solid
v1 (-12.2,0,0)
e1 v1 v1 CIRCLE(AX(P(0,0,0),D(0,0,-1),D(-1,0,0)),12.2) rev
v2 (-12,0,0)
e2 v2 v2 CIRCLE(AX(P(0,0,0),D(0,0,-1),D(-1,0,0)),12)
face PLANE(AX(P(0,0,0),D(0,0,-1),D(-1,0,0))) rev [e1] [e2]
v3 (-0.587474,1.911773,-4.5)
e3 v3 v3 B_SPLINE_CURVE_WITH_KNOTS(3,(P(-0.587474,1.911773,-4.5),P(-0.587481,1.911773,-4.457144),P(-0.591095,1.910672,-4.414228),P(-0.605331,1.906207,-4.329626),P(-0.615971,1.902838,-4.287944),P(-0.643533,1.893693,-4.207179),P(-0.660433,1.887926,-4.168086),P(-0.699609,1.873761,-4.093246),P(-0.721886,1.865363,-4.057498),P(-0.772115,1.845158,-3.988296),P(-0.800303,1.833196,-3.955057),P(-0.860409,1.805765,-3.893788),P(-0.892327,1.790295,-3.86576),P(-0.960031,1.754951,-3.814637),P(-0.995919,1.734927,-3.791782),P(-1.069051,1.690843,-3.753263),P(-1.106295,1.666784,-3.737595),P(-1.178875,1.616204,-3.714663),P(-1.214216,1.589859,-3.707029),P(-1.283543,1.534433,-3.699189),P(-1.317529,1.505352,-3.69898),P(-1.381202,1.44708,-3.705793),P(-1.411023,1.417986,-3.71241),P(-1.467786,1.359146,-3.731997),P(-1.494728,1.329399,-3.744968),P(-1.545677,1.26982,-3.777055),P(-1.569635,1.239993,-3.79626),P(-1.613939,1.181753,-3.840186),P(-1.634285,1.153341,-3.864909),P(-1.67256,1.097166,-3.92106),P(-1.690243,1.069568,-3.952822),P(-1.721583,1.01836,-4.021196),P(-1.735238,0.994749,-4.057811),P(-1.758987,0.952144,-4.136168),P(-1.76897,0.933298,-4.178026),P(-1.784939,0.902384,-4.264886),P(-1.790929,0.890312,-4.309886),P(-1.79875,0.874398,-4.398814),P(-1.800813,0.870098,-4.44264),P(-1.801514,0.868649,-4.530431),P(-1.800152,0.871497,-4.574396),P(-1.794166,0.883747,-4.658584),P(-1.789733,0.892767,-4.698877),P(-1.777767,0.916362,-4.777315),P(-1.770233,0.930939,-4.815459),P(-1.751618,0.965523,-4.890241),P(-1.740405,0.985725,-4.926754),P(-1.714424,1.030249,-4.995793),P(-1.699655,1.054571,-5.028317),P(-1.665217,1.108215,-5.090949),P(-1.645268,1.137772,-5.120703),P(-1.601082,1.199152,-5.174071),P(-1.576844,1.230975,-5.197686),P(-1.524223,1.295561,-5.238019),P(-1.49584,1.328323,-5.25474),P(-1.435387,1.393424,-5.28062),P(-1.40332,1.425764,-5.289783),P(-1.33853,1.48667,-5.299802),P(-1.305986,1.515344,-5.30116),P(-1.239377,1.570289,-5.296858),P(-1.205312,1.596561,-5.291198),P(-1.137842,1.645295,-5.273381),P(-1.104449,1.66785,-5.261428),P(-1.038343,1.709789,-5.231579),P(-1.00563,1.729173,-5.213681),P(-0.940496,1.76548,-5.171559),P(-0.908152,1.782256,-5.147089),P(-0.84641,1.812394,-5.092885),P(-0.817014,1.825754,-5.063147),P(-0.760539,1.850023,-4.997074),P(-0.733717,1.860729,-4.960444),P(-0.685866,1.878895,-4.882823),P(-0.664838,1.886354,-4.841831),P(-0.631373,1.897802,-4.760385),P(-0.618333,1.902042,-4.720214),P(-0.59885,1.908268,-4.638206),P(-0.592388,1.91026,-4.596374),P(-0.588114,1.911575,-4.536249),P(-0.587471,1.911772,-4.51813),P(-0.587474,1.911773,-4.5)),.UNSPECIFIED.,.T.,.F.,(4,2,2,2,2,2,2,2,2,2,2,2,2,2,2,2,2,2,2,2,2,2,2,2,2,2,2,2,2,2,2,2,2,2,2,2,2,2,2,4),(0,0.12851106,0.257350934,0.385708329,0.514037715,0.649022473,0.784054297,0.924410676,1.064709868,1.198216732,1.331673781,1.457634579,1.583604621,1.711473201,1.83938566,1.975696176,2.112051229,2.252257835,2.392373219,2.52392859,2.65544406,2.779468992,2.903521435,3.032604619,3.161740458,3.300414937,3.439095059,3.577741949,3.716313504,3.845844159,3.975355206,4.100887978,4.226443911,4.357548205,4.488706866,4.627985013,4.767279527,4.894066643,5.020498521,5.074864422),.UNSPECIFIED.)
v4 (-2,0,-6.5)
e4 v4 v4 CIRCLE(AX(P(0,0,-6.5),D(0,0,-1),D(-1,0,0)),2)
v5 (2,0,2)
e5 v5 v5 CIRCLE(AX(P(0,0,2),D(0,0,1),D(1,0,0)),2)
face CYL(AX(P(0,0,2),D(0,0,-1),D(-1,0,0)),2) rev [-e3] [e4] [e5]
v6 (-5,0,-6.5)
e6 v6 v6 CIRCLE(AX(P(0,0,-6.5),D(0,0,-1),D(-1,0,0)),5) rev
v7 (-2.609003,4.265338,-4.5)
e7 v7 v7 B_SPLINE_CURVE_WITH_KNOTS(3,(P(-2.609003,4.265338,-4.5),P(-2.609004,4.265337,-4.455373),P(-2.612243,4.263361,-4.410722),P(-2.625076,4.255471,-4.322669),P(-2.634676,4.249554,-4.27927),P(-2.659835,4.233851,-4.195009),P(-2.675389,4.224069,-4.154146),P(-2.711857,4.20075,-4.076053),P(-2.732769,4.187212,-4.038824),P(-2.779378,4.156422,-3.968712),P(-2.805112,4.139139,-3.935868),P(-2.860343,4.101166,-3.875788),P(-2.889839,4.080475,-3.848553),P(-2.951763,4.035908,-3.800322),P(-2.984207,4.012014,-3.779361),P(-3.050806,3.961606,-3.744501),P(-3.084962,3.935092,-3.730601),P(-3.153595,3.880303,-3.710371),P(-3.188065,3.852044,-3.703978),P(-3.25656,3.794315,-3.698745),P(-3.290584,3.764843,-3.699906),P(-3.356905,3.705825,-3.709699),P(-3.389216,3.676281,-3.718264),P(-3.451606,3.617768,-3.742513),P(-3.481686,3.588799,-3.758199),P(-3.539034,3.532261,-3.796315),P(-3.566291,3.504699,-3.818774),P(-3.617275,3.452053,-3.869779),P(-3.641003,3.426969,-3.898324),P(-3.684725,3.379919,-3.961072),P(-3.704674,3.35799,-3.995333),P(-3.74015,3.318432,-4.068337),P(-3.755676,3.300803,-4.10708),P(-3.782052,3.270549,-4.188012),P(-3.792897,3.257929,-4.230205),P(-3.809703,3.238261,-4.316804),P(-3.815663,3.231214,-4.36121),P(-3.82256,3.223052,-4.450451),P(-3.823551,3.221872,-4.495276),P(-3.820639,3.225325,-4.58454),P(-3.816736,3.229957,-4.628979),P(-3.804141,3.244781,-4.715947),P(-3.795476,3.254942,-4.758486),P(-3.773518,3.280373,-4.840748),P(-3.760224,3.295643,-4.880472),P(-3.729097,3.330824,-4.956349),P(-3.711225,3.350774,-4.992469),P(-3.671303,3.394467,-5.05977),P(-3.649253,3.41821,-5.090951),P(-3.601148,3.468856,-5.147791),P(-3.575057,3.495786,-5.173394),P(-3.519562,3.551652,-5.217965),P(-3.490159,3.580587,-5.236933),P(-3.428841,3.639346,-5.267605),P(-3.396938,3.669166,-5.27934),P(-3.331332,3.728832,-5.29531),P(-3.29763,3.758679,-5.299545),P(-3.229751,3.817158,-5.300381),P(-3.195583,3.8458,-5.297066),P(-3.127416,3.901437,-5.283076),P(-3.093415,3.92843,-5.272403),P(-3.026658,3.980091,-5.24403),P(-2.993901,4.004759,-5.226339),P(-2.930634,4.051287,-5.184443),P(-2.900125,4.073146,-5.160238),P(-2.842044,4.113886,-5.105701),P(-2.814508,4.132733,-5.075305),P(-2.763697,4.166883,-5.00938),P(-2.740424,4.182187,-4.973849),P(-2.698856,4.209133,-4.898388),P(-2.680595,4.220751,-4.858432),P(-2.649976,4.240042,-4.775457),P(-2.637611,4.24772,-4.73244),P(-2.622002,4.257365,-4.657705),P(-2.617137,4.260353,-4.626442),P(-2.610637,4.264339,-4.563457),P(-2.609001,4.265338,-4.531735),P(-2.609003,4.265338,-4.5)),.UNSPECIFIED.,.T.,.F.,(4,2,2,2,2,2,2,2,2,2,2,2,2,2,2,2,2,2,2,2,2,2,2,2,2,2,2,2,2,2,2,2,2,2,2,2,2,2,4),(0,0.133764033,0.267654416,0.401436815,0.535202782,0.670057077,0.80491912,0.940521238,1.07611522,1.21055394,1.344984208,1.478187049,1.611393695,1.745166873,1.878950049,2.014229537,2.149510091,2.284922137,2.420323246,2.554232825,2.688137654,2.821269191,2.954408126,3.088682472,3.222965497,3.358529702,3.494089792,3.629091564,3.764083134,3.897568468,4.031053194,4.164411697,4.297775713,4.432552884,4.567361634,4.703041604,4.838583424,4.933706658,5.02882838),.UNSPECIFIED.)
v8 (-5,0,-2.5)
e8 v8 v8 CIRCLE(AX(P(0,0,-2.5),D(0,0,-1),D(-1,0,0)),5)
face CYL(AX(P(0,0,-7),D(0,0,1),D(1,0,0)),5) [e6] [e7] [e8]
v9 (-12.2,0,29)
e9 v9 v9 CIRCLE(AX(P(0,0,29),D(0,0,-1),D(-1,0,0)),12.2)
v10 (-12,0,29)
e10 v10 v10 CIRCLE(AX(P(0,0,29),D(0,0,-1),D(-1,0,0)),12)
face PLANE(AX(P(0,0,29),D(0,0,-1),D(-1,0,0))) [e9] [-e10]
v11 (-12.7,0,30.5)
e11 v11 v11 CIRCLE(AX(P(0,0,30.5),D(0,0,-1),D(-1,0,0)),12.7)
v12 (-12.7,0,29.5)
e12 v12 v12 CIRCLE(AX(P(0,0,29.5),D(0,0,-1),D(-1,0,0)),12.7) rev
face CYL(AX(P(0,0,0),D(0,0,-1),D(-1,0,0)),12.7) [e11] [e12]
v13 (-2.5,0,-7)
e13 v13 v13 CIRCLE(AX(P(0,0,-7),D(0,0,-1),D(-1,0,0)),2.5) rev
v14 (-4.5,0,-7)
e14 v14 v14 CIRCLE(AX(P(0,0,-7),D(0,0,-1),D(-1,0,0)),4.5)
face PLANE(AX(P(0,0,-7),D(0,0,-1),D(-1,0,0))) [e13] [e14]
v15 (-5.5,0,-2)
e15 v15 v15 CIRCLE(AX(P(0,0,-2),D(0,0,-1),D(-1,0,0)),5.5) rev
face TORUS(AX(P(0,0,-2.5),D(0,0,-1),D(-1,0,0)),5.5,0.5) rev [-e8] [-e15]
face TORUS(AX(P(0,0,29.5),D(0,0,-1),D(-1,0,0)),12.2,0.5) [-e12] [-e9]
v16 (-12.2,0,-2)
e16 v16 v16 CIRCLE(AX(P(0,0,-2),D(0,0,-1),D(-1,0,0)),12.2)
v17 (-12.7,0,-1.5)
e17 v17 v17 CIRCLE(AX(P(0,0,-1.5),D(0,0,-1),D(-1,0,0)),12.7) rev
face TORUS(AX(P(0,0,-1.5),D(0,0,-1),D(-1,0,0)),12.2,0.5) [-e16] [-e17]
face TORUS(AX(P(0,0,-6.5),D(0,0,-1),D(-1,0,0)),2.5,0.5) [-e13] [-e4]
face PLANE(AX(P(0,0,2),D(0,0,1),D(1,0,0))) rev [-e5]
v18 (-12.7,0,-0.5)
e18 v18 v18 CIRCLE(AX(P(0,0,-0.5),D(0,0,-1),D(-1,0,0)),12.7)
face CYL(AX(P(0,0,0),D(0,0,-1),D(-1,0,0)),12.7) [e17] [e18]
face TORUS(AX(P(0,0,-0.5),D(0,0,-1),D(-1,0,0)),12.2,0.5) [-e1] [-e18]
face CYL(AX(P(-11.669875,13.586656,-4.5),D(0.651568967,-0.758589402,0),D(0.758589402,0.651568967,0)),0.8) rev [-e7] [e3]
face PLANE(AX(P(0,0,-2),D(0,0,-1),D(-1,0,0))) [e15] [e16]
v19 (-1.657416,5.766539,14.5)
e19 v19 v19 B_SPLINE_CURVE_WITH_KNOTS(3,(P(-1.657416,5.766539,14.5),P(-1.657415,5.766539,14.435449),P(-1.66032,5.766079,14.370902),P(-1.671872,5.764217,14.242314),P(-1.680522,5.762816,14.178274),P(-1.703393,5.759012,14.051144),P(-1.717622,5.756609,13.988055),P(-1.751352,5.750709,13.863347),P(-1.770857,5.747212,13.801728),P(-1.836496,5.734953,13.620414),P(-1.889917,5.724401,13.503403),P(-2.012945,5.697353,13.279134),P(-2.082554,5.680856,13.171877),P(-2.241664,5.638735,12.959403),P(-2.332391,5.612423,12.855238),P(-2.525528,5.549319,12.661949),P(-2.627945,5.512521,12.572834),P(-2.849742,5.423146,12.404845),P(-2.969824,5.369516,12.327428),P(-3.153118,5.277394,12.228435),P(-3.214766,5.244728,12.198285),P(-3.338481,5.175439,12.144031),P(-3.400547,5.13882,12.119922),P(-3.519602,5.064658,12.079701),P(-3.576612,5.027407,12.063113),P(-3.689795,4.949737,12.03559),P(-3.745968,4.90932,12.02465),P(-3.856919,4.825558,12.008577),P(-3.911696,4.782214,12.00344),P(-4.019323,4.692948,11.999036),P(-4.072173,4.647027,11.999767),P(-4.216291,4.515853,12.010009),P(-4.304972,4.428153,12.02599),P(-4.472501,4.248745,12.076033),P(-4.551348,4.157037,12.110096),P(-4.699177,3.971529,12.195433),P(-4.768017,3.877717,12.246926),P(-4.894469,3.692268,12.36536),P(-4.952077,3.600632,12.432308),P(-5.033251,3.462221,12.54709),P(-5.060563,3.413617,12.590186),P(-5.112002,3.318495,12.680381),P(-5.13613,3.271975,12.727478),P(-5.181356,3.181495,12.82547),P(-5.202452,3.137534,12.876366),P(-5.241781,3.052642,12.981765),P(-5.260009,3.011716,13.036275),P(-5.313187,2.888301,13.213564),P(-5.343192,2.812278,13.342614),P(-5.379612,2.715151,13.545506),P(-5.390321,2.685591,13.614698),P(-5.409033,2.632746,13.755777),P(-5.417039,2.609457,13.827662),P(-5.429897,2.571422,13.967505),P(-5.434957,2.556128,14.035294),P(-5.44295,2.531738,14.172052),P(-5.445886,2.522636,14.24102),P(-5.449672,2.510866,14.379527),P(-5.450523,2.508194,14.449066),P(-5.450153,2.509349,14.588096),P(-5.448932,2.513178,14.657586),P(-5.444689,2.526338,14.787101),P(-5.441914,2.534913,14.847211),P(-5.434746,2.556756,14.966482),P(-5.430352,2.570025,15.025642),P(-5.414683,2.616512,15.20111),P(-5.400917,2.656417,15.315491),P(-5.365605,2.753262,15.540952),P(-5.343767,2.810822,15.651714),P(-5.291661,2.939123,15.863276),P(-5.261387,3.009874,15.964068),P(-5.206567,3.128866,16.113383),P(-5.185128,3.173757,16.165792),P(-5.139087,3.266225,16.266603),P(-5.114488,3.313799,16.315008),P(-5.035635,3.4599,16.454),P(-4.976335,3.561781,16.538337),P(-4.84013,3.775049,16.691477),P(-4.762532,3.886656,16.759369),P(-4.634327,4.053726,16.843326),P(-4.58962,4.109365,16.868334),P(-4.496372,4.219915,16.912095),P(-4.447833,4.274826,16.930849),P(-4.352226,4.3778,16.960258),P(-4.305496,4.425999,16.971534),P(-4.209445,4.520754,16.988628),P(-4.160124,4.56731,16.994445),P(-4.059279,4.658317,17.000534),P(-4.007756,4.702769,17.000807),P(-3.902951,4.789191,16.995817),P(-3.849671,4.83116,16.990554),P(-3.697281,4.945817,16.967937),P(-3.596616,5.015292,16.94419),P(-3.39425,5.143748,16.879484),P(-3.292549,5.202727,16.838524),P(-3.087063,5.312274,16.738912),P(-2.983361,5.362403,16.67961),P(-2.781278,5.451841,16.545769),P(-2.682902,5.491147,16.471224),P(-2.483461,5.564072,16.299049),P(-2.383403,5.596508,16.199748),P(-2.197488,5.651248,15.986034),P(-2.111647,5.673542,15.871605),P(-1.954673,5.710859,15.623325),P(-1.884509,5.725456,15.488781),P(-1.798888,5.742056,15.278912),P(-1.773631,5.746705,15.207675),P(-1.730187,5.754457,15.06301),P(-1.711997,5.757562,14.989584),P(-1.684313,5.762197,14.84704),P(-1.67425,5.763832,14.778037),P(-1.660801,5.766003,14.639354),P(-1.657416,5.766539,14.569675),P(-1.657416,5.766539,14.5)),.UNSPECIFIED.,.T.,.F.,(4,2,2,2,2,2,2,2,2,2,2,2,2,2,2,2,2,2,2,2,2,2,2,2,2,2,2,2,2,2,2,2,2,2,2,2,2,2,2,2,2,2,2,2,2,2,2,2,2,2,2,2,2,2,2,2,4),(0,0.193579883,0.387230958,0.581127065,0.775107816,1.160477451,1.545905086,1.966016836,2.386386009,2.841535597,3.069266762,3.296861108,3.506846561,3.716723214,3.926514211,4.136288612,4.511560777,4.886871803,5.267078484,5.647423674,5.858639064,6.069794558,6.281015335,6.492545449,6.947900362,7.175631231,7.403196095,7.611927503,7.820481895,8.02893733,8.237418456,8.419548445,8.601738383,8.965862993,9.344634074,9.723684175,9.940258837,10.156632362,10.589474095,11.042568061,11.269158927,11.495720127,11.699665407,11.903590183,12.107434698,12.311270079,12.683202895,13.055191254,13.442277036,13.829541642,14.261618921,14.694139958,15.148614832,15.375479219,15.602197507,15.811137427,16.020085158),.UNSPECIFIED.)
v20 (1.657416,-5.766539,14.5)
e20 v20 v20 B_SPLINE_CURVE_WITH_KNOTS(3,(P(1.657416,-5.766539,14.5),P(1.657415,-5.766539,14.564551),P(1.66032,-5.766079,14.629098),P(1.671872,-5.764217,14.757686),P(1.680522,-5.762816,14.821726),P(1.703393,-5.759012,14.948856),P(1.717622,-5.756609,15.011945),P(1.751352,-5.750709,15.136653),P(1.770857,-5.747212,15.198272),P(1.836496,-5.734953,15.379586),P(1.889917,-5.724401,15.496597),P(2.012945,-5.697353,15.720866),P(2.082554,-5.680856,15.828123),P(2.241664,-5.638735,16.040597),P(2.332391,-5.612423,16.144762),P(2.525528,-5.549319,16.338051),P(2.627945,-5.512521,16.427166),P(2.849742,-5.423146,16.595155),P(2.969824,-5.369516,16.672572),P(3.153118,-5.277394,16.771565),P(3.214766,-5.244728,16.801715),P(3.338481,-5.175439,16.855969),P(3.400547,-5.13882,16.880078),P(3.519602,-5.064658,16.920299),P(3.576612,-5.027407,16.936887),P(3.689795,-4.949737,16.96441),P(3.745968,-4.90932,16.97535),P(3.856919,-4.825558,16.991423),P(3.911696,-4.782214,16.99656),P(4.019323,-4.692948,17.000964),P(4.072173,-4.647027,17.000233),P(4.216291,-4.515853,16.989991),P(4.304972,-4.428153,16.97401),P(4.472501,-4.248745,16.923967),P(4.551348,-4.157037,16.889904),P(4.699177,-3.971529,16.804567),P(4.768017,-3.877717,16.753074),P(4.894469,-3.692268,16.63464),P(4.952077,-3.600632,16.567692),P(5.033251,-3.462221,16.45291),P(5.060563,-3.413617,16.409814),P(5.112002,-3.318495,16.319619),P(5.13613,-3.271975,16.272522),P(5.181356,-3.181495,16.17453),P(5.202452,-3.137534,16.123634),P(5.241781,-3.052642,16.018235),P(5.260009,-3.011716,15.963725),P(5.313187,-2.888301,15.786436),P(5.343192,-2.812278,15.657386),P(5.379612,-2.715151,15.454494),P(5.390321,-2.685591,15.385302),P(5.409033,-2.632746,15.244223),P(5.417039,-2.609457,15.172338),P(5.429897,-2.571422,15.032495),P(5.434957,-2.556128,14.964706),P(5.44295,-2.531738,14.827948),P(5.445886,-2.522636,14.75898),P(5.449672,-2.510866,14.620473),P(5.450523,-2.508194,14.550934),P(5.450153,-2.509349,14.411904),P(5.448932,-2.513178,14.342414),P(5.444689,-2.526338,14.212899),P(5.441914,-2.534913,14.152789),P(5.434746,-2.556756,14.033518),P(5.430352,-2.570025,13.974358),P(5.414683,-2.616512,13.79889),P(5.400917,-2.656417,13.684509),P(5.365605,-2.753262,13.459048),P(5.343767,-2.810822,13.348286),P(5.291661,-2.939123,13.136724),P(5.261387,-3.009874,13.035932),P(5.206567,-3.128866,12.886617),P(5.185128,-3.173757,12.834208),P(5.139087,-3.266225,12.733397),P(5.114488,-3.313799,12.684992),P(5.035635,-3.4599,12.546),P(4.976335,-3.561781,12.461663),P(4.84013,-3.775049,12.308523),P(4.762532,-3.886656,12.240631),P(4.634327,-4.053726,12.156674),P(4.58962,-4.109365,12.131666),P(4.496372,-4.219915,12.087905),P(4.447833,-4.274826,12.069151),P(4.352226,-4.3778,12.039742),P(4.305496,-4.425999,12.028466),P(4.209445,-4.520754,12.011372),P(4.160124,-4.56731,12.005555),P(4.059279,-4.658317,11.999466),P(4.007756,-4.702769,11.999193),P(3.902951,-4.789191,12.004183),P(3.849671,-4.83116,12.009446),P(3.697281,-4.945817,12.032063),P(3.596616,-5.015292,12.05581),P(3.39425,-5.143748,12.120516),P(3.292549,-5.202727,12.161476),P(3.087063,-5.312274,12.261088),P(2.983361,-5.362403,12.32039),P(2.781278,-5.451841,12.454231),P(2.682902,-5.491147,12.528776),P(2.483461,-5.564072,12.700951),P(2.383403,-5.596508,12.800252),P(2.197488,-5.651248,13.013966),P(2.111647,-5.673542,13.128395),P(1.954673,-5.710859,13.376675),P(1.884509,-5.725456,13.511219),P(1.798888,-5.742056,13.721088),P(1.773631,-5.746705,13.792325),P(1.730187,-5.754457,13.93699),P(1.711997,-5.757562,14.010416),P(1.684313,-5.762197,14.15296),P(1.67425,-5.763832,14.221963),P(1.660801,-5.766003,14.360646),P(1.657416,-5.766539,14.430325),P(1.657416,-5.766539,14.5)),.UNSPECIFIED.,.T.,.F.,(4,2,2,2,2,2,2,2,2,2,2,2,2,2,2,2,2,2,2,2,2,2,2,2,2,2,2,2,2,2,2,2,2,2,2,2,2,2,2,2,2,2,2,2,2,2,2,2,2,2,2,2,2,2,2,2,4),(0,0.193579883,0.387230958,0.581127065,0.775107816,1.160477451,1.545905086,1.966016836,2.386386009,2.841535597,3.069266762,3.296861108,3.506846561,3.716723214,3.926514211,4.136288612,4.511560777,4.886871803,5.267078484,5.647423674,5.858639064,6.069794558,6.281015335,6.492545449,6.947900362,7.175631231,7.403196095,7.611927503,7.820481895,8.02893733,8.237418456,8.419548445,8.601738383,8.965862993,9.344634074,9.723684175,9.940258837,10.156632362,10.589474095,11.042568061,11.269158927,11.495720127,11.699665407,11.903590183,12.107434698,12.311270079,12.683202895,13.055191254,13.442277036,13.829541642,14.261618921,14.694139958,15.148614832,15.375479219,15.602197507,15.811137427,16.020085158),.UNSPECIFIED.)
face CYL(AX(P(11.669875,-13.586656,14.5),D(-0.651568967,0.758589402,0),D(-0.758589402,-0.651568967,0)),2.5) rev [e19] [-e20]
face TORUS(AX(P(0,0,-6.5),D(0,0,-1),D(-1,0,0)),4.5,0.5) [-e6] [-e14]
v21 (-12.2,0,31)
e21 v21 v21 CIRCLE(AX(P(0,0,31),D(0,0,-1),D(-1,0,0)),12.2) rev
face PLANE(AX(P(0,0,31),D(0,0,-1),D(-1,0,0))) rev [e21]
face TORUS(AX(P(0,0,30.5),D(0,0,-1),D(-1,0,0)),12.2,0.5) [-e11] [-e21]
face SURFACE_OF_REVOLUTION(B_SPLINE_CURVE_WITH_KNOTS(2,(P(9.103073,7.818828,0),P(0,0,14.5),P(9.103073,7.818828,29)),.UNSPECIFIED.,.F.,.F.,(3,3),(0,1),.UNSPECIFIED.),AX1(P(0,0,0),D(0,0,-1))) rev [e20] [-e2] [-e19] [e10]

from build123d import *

# Parameters (mm, degrees)
CUT_EXTRUDE2_DEPTH             = 2
CUT_EXTRUDE2_DEPTH_BACK        = 14
SKETCH1_R                      = 2
FILLET1_R                      = 0.5
CUT_EXTRUDE4_REACH             = 37.827
SKETCH5_R                      = 2.5
CUT_EXTRUDE4_DIRECTION_2_REACH = 37.827
SKETCH6_R                      = 5
BOSS_EXTRUDE1_DEPTH            = 5
SKETCH8_R                      = 2
CUT_EXTRUDE5_DEPTH             = 5
FILLET2_R                      = 0.5
CUT_EXTRUDE6_REACH             = 37.827
CUT_EXTRUDE6_END_RADIUS        = 5
SKETCH9_R                      = 0.8


with BuildPart() as part:
    # Sketch3 → Revolve1 (revolve)
    with BuildSketch(Plane(origin=(0, 0, 0), x_dir=(0, 0, 1), z_dir=(-0.6515689673474042, 0.7585894019756916, 0)), mode=Mode.PRIVATE) as revolve1_sk:
        Polygon((-2, 0), (0, 0), (0, 12), (0, 12.7), (-2, 12.7), align=None)
        with BuildLine():
            Line((0, 12), (0, 0))
            Line((0, 0), (14.5, 0))
            Line((14.5, 0), (14.5, 6))
            add(Edge.make_bspline(
                [(0, 12), (7.25, 6), (14.5, 6)],
                knots=[0, 0, 0, 0.5, 0.5, 0.5], degree=2))
        make_face()
        with BuildLine():
            Line((14.5, 6), (14.5, 0))
            Line((14.5, 0), (29, 0))
            Line((29, 0), (29, 12))
            add(Edge.make_bspline(
                [(14.5, 6), (21.75, 6), (29, 12)],
                knots=[0.5, 0.5, 0.5, 1, 1, 1], degree=2))
        make_face()
        Polygon((29, 12), (29, 0), (31, 0), (31, 12.7), (29, 12.7), align=None)
    revolve(revolve1_sk.sketch.rotate(Axis((0, 0, 0), (0, 0, 1)), 139.34), axis=Axis((0, 0, 0), (0, 0, 1)))

    # Sketch1 → Cut-Extrude2 (cut, two sides: drawn at the far end of the back side and taken through both)
    with BuildSketch(Plane.XY.offset(-CUT_EXTRUDE2_DEPTH_BACK)):
        with Locations(Location((0, 0, 0), (0, 0, 180))):
            Circle(SKETCH1_R)
    extrude(amount=CUT_EXTRUDE2_DEPTH + CUT_EXTRUDE2_DEPTH_BACK, mode=Mode.SUBTRACT)

    # Fillet1
    fillet1_edges = [part.edges().sort_by_distance(p)[0] for p in [
        (12.7, 0, 29),
        (12.7, 0, 31),
        (12.7, 0, -2),
        (12.7, 0, 0),
    ]]
    fillet(fillet1_edges, radius=FILLET1_R)

    # Sketch5 → Cut-Extrude4 (cut, up to next)
    with BuildSketch(Plane(origin=(0, 0, 0), x_dir=(0, 0, 1), z_dir=(-0.6515689673474042, 0.7585894019756916, 0)), mode=Mode.PRIVATE) as cut_extrude4_sk1:
        with Locations(Location((14.5, 0, 0), (0, 0, 270))):
            Circle(SKETCH5_R)
    cut_extrude4_tool1 = extrude(cut_extrude4_sk1.sketch, amount=-CUT_EXTRUDE4_REACH, mode=Mode.PRIVATE) & part.part
    add(cut_extrude4_tool1.solids().sort_by_distance((0, 0, 14.5))[0], mode=Mode.SUBTRACT)

    # Sketch5 → Cut-Extrude4 direction 2 (cut, up to next)
    with BuildSketch(Plane(origin=(0, 0, 0), x_dir=(0, 0, 1), z_dir=(-0.6515689673474042, 0.7585894019756916, 0)), mode=Mode.PRIVATE) as cut_extrude4_direction_2_sk1:
        with Locations(Location((14.5, 0, 0), (0, 0, 270))):
            Circle(SKETCH5_R)
    cut_extrude4_direction_2_tool1 = extrude(cut_extrude4_direction_2_sk1.sketch, amount=CUT_EXTRUDE4_DIRECTION_2_REACH, mode=Mode.PRIVATE) & part.part
    add(cut_extrude4_direction_2_tool1.solids().sort_by_distance((0, 0, 14.5))[0], mode=Mode.SUBTRACT)

    # Sketch6 → Boss-Extrude1 (add)
    with BuildSketch(Plane(origin=(0, 0, -2), x_dir=(-1, 0, 0), z_dir=(0, 0, -1))):
        Circle(SKETCH6_R)
    extrude(amount=BOSS_EXTRUDE1_DEPTH)

    # Sketch8 → Cut-Extrude5 (cut)
    with BuildSketch(Plane(origin=(0, 0, -7), x_dir=(-1, 0, 0), z_dir=(0, 0, -1))):
        Circle(SKETCH8_R)
    extrude(amount=-CUT_EXTRUDE5_DEPTH, mode=Mode.SUBTRACT)

    # Fillet2
    fillet2_edges = [part.edges().sort_by_distance(p)[0] for p in [
        (5, 0, -2),
        (5, 0, -7),
        (2, 0, -7),
    ]]
    fillet(fillet2_edges, radius=FILLET2_R)

    # Cut-Extrude6: up to this cylinder (the profile starts inside it)
    cut_extrude6_end = Plane(origin=(0, 0, -4.5), z_dir=(0, 0, 1)) * Cylinder(CUT_EXTRUDE6_END_RADIUS, 86.654, mode=Mode.PRIVATE)
    # Sketch9 → Cut-Extrude6 (cut, up to the surface)
    with BuildSketch(Plane(origin=(0, 0, 0), x_dir=(0, 0, 1), z_dir=(-0.6515689673474042, 0.7585894019756916, 0)), mode=Mode.PRIVATE) as cut_extrude6_sk1:
        with Locations(Location((-4.5, 0, 0), (0, 0, 90))):
            Circle(SKETCH9_R)
    cut_extrude6_tool1 = extrude(cut_extrude6_sk1.sketch, amount=CUT_EXTRUDE6_REACH, mode=Mode.PRIVATE) & cut_extrude6_end
    add(cut_extrude6_tool1.solids().sort_by_distance((0, 0, -4.5))[0], mode=Mode.SUBTRACT)


solid = part.part
